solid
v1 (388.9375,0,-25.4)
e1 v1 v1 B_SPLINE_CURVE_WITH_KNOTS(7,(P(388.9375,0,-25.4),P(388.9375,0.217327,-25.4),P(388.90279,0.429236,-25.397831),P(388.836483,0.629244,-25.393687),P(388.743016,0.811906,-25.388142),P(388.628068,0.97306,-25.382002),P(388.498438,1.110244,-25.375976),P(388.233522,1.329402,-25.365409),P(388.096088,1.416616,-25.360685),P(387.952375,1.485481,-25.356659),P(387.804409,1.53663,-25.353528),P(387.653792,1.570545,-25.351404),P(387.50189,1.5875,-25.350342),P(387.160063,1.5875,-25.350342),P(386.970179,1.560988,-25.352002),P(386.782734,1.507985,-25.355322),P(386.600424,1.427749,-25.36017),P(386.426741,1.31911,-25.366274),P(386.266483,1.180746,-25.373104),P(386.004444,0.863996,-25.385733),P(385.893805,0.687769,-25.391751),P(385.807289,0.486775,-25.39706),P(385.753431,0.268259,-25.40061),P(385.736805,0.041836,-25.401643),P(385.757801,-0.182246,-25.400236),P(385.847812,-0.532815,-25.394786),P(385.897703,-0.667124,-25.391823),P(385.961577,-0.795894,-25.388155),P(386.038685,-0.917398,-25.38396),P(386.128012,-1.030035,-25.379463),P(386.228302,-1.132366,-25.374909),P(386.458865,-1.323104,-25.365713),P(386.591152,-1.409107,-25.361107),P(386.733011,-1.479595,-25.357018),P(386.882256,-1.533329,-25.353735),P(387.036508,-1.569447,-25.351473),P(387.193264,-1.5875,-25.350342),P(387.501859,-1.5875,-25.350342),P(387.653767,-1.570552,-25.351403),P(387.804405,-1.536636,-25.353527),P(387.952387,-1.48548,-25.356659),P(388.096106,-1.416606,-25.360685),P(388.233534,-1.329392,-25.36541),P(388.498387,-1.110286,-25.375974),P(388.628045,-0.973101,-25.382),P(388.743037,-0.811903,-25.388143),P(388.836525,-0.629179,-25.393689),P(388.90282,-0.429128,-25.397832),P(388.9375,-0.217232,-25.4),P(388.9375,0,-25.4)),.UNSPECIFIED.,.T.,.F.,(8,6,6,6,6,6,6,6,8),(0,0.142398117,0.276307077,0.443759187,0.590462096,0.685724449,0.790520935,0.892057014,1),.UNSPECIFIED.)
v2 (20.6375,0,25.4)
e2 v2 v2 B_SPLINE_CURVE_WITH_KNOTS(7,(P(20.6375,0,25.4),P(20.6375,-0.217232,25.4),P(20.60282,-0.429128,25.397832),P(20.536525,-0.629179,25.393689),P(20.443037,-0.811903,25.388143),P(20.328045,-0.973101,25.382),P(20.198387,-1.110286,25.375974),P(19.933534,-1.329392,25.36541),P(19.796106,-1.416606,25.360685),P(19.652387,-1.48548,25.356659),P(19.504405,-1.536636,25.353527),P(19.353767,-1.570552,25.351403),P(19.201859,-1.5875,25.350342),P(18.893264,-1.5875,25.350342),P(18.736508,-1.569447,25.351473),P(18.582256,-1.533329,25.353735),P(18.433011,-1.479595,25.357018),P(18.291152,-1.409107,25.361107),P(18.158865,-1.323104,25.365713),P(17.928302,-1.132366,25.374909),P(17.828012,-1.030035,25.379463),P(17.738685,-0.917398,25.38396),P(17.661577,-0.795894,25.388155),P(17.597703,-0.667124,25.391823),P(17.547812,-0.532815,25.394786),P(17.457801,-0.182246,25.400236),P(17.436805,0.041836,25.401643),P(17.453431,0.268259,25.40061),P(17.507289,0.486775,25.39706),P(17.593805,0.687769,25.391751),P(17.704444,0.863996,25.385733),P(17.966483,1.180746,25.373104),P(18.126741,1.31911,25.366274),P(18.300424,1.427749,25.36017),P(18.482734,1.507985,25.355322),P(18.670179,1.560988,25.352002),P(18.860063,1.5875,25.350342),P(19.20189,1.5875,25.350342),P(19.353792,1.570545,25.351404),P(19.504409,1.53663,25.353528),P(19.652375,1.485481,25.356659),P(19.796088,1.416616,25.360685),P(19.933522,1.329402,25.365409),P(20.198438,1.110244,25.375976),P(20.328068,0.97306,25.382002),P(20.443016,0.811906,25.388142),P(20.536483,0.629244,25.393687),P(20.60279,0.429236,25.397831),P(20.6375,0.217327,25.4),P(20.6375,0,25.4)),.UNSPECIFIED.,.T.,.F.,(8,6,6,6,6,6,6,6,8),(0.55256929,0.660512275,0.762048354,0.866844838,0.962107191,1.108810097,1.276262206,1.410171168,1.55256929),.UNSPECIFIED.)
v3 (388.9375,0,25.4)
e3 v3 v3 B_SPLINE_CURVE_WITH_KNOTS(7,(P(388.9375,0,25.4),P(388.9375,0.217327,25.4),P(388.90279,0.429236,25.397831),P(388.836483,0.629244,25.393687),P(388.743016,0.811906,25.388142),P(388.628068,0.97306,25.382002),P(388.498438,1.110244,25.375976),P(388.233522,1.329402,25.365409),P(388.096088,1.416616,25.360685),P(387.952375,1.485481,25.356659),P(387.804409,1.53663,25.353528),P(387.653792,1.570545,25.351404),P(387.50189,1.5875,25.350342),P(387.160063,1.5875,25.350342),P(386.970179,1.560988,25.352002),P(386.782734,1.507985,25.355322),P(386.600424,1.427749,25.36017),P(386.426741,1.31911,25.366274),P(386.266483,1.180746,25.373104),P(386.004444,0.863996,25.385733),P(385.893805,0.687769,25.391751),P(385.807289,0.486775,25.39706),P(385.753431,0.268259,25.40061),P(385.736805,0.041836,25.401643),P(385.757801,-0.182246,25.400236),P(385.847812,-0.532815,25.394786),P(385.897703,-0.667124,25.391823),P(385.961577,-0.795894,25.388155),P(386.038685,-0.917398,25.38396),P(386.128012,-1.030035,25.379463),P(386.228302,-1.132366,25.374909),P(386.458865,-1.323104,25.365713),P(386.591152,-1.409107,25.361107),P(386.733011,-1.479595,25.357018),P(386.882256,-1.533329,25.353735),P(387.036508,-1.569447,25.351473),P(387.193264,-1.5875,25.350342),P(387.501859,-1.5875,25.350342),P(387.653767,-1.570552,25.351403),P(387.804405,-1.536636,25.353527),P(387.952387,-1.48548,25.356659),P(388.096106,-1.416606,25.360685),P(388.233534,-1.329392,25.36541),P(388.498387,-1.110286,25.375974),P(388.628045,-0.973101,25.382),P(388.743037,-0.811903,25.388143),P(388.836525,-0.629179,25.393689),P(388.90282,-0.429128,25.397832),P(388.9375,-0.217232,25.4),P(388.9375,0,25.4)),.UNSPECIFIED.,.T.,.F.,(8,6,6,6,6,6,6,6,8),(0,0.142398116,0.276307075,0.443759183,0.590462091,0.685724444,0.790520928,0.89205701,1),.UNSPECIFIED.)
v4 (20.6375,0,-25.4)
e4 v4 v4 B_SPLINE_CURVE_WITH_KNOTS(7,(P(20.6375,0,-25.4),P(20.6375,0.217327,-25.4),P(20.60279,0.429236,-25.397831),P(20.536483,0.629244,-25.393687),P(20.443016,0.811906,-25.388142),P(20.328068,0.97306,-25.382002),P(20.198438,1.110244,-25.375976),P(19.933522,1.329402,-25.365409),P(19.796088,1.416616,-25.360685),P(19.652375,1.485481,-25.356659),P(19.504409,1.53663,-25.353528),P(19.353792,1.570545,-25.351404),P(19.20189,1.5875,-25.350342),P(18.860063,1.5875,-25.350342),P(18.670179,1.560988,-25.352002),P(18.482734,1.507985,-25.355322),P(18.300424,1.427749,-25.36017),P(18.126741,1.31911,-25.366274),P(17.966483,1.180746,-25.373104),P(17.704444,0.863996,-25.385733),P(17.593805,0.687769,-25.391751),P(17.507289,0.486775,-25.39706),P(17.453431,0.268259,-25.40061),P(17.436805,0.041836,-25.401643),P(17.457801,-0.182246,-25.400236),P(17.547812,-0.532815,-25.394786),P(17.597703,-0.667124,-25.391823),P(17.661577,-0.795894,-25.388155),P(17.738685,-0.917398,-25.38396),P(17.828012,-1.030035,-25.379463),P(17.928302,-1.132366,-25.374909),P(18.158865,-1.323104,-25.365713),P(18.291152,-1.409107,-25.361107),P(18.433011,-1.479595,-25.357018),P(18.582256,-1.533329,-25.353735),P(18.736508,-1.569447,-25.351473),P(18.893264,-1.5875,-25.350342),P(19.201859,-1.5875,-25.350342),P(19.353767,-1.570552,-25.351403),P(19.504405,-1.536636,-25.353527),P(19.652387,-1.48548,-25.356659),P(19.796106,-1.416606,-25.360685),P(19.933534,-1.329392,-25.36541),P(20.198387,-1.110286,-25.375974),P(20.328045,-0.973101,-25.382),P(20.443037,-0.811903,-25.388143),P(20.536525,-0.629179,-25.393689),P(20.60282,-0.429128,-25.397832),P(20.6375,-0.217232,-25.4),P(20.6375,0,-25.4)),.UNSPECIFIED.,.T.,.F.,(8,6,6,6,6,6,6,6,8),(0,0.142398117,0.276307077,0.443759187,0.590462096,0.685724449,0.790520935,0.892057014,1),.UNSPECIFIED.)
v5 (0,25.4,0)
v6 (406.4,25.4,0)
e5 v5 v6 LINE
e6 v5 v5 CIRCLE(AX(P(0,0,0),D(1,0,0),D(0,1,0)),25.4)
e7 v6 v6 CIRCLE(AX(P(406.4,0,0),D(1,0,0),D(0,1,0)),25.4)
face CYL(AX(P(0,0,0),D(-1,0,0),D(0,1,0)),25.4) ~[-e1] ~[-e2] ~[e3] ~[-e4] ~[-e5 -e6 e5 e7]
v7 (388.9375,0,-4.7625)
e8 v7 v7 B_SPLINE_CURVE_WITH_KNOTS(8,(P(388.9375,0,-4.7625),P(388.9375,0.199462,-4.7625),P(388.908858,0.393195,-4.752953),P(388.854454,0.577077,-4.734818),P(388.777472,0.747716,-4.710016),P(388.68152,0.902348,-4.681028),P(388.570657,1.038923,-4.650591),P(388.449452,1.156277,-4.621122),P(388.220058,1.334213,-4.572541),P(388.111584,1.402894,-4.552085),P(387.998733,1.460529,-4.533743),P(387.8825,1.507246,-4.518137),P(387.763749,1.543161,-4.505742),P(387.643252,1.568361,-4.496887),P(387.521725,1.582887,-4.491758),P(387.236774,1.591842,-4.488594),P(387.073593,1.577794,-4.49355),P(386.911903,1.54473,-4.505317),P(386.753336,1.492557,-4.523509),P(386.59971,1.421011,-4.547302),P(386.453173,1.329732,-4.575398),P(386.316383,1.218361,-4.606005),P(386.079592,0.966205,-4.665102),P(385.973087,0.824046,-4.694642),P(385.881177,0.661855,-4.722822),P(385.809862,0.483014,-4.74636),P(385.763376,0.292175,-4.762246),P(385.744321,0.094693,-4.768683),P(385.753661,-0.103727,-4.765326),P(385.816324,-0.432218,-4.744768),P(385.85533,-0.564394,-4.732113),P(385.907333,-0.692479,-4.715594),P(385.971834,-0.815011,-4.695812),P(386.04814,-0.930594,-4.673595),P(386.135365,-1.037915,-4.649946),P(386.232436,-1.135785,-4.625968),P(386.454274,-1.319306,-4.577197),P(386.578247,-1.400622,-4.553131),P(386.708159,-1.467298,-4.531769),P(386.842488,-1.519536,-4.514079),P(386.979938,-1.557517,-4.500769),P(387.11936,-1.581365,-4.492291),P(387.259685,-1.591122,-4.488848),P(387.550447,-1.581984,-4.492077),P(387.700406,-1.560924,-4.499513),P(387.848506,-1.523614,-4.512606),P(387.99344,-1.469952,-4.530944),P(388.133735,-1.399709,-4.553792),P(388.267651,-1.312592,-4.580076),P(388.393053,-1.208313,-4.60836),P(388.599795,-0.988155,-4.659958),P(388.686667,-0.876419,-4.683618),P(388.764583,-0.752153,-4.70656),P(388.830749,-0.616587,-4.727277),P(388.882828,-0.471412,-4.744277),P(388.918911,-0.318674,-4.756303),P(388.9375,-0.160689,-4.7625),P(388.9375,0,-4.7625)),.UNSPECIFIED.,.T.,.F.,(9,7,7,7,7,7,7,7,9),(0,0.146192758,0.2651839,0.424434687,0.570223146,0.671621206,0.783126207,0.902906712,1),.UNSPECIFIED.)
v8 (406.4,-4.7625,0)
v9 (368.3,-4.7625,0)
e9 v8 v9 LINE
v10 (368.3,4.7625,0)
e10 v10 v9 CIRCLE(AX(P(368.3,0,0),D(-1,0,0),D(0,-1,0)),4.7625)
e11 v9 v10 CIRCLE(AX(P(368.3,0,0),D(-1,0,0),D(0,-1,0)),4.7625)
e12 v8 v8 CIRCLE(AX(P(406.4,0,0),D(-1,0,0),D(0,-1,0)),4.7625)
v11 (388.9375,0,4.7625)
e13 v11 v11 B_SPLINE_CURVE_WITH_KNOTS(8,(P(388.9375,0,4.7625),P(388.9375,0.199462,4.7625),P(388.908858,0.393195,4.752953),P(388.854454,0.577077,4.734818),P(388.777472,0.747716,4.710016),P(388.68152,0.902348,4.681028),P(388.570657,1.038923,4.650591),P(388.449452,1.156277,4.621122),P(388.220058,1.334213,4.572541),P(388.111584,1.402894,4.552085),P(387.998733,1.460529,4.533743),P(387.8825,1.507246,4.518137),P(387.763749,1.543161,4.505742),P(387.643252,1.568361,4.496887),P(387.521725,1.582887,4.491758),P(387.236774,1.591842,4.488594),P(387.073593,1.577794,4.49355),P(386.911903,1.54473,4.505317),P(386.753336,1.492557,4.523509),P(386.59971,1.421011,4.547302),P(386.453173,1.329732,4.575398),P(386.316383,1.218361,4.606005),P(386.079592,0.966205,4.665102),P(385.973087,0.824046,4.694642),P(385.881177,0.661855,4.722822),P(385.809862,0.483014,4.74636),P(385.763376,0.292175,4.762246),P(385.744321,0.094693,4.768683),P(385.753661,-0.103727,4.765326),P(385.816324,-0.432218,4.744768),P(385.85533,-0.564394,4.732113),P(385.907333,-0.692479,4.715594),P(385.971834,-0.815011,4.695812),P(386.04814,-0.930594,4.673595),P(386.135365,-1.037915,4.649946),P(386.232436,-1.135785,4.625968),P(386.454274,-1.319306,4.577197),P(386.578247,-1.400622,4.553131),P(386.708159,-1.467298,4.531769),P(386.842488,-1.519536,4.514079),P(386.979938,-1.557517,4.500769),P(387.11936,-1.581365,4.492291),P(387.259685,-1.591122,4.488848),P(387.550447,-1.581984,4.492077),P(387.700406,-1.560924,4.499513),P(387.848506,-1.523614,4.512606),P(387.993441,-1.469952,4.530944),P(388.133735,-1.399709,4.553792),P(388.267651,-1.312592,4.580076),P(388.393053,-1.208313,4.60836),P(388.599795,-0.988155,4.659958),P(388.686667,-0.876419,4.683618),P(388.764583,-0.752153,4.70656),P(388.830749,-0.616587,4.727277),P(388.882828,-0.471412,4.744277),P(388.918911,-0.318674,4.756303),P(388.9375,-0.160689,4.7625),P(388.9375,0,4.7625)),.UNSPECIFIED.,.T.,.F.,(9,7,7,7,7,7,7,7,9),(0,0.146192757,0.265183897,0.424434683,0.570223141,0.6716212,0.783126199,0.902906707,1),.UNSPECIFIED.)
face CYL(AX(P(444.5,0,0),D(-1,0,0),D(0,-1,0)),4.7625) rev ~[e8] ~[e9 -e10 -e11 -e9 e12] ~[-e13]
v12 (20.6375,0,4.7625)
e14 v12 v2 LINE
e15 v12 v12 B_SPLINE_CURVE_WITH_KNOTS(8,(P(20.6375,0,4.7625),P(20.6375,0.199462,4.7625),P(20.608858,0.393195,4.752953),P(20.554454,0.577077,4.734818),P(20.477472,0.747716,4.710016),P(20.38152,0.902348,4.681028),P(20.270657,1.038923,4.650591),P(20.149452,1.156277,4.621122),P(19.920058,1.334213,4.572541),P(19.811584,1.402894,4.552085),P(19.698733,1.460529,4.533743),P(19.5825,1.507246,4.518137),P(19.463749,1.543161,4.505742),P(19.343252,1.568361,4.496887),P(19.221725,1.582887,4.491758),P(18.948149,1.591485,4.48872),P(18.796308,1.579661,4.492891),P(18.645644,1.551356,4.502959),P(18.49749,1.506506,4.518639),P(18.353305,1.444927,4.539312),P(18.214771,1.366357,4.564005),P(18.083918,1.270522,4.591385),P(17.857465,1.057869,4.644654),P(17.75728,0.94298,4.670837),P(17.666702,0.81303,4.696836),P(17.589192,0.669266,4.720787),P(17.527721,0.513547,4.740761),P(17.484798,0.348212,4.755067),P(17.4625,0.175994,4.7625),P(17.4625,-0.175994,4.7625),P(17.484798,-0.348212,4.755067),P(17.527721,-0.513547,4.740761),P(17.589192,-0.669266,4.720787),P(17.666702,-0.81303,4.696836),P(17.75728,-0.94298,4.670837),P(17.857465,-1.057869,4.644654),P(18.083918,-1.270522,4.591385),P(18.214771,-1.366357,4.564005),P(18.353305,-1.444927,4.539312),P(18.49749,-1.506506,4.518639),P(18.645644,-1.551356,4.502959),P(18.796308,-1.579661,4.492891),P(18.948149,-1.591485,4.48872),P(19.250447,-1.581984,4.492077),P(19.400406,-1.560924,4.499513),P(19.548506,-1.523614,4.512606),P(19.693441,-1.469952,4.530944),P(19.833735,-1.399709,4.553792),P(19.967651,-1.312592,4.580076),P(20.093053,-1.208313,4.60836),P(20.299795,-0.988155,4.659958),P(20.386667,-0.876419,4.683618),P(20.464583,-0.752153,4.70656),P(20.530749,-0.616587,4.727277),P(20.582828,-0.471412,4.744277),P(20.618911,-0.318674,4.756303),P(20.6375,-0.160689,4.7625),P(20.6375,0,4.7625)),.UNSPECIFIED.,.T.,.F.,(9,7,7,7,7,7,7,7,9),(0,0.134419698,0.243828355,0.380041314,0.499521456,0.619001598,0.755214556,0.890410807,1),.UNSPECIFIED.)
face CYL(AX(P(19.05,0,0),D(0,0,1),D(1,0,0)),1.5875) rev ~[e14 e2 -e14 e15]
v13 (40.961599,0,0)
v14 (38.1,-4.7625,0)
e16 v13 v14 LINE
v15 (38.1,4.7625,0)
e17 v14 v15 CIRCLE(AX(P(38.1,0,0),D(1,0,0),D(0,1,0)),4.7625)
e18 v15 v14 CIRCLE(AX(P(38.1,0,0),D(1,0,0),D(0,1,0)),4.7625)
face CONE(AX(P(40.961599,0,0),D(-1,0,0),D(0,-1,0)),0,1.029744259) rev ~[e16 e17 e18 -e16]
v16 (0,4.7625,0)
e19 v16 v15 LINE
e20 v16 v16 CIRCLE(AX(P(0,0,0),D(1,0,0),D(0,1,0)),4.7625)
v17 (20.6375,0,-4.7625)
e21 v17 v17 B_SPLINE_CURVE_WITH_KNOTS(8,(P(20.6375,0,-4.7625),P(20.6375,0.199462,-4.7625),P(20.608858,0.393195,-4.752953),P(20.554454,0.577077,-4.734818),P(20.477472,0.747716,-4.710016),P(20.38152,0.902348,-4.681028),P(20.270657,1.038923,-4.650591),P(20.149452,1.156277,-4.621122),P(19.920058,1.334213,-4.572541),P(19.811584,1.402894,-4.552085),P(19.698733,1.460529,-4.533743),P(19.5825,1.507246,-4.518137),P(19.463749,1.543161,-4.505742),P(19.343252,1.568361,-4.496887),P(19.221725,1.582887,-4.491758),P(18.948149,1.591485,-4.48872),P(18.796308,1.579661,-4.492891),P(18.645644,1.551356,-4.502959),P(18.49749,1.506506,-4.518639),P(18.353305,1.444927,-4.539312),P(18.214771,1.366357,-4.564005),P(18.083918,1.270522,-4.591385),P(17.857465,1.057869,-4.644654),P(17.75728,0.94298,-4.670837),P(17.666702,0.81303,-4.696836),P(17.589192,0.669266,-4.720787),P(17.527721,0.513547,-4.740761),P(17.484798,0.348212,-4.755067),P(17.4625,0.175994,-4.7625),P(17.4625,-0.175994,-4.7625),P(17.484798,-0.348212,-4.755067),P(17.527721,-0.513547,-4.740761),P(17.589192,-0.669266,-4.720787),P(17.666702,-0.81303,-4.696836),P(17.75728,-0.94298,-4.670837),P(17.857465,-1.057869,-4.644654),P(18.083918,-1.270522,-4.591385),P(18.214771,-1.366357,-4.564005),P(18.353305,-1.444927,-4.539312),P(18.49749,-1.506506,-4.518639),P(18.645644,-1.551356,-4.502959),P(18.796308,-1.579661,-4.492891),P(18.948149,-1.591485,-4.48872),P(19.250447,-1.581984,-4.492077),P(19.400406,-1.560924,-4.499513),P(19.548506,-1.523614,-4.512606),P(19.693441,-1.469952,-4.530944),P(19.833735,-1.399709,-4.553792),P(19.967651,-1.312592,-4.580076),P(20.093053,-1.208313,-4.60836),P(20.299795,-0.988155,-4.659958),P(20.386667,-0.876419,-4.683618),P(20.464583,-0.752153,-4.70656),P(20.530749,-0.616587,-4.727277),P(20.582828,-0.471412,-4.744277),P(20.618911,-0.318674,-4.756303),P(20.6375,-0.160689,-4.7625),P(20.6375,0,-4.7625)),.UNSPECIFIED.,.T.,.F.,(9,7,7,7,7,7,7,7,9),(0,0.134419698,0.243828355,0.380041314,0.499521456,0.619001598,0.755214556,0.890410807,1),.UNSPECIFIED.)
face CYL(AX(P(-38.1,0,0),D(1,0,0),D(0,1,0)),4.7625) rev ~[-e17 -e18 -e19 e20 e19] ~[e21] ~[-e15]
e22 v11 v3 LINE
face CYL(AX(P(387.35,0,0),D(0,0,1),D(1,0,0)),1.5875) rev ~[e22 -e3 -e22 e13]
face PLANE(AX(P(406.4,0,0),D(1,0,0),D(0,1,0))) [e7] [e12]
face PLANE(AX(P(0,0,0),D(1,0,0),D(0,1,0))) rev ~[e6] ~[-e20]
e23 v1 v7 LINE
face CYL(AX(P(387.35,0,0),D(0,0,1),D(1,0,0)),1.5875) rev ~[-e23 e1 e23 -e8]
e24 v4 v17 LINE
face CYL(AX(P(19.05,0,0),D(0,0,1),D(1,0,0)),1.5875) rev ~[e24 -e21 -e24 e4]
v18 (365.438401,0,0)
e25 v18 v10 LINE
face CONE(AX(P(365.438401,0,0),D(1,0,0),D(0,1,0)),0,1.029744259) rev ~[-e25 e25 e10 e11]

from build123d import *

# Parameters (mm, degrees)
F0_R     = 25.4
F1_DEPTH = 406.4
F3_D     = 9.525
F3_DEPTH = 38.1
F3_TIP   = 2.8615986981
F5_D     = 9.525
F5_DEPTH = 38.1
F5_TIP   = 2.8615986981
F6_R     = 1.5875
F7_DEPTH = 25.4
F9_DEPTH = 31.75


with BuildPart() as f1:
    # F0 (on Right) → F1 (new body)
    with BuildSketch(Plane.YZ):
        Circle(F0_R)
    extrude(amount=F1_DEPTH)

    # F3
    with Locations(Plane.YZ.offset(406.4)):
        with Locations((0, 0)):
            Hole(F3_D / 2, depth=F3_DEPTH)
            with Locations((0, 0, -(F3_DEPTH + F3_TIP / 2))):  # 118° drill point
                Cone(0, F3_D / 2, F3_TIP, mode=Mode.SUBTRACT)

    # F5
    with Locations(Plane(origin=(0, 0, 0), x_dir=(0, -1, 0), z_dir=(-1, 0, 0))):
        with Locations((0, 0)):
            Hole(F5_D / 2, depth=F5_DEPTH)
            with Locations((0, 0, -(F5_DEPTH + F5_TIP / 2))):  # 118° drill point
                Cone(0, F5_D / 2, F5_TIP, mode=Mode.SUBTRACT)


with BuildPart() as f7:
    # F6 (on Top) → F7 (new body, symmetric)
    with BuildSketch(Plane.XY):
        with Locations((19.05, 0)):
            Circle(F6_R)
    extrude(amount=F7_DEPTH, both=True)


with BuildPart() as f1_1:
    add(f1.part)

    # F8: cut F7
    add(f7.part, mode=Mode.SUBTRACT)


with BuildPart() as f9:
    # F6 (on Top) → F9 (new body, symmetric)
    with BuildSketch(Plane.XY):
        with Locations((387.35, 0)):
            Circle(F6_R)
    extrude(amount=F9_DEPTH, both=True)


with BuildPart() as f1_2:
    add(f1_1.part)

    # F10: cut F9
    add(f9.part, mode=Mode.SUBTRACT)


solid = f1_2.part
